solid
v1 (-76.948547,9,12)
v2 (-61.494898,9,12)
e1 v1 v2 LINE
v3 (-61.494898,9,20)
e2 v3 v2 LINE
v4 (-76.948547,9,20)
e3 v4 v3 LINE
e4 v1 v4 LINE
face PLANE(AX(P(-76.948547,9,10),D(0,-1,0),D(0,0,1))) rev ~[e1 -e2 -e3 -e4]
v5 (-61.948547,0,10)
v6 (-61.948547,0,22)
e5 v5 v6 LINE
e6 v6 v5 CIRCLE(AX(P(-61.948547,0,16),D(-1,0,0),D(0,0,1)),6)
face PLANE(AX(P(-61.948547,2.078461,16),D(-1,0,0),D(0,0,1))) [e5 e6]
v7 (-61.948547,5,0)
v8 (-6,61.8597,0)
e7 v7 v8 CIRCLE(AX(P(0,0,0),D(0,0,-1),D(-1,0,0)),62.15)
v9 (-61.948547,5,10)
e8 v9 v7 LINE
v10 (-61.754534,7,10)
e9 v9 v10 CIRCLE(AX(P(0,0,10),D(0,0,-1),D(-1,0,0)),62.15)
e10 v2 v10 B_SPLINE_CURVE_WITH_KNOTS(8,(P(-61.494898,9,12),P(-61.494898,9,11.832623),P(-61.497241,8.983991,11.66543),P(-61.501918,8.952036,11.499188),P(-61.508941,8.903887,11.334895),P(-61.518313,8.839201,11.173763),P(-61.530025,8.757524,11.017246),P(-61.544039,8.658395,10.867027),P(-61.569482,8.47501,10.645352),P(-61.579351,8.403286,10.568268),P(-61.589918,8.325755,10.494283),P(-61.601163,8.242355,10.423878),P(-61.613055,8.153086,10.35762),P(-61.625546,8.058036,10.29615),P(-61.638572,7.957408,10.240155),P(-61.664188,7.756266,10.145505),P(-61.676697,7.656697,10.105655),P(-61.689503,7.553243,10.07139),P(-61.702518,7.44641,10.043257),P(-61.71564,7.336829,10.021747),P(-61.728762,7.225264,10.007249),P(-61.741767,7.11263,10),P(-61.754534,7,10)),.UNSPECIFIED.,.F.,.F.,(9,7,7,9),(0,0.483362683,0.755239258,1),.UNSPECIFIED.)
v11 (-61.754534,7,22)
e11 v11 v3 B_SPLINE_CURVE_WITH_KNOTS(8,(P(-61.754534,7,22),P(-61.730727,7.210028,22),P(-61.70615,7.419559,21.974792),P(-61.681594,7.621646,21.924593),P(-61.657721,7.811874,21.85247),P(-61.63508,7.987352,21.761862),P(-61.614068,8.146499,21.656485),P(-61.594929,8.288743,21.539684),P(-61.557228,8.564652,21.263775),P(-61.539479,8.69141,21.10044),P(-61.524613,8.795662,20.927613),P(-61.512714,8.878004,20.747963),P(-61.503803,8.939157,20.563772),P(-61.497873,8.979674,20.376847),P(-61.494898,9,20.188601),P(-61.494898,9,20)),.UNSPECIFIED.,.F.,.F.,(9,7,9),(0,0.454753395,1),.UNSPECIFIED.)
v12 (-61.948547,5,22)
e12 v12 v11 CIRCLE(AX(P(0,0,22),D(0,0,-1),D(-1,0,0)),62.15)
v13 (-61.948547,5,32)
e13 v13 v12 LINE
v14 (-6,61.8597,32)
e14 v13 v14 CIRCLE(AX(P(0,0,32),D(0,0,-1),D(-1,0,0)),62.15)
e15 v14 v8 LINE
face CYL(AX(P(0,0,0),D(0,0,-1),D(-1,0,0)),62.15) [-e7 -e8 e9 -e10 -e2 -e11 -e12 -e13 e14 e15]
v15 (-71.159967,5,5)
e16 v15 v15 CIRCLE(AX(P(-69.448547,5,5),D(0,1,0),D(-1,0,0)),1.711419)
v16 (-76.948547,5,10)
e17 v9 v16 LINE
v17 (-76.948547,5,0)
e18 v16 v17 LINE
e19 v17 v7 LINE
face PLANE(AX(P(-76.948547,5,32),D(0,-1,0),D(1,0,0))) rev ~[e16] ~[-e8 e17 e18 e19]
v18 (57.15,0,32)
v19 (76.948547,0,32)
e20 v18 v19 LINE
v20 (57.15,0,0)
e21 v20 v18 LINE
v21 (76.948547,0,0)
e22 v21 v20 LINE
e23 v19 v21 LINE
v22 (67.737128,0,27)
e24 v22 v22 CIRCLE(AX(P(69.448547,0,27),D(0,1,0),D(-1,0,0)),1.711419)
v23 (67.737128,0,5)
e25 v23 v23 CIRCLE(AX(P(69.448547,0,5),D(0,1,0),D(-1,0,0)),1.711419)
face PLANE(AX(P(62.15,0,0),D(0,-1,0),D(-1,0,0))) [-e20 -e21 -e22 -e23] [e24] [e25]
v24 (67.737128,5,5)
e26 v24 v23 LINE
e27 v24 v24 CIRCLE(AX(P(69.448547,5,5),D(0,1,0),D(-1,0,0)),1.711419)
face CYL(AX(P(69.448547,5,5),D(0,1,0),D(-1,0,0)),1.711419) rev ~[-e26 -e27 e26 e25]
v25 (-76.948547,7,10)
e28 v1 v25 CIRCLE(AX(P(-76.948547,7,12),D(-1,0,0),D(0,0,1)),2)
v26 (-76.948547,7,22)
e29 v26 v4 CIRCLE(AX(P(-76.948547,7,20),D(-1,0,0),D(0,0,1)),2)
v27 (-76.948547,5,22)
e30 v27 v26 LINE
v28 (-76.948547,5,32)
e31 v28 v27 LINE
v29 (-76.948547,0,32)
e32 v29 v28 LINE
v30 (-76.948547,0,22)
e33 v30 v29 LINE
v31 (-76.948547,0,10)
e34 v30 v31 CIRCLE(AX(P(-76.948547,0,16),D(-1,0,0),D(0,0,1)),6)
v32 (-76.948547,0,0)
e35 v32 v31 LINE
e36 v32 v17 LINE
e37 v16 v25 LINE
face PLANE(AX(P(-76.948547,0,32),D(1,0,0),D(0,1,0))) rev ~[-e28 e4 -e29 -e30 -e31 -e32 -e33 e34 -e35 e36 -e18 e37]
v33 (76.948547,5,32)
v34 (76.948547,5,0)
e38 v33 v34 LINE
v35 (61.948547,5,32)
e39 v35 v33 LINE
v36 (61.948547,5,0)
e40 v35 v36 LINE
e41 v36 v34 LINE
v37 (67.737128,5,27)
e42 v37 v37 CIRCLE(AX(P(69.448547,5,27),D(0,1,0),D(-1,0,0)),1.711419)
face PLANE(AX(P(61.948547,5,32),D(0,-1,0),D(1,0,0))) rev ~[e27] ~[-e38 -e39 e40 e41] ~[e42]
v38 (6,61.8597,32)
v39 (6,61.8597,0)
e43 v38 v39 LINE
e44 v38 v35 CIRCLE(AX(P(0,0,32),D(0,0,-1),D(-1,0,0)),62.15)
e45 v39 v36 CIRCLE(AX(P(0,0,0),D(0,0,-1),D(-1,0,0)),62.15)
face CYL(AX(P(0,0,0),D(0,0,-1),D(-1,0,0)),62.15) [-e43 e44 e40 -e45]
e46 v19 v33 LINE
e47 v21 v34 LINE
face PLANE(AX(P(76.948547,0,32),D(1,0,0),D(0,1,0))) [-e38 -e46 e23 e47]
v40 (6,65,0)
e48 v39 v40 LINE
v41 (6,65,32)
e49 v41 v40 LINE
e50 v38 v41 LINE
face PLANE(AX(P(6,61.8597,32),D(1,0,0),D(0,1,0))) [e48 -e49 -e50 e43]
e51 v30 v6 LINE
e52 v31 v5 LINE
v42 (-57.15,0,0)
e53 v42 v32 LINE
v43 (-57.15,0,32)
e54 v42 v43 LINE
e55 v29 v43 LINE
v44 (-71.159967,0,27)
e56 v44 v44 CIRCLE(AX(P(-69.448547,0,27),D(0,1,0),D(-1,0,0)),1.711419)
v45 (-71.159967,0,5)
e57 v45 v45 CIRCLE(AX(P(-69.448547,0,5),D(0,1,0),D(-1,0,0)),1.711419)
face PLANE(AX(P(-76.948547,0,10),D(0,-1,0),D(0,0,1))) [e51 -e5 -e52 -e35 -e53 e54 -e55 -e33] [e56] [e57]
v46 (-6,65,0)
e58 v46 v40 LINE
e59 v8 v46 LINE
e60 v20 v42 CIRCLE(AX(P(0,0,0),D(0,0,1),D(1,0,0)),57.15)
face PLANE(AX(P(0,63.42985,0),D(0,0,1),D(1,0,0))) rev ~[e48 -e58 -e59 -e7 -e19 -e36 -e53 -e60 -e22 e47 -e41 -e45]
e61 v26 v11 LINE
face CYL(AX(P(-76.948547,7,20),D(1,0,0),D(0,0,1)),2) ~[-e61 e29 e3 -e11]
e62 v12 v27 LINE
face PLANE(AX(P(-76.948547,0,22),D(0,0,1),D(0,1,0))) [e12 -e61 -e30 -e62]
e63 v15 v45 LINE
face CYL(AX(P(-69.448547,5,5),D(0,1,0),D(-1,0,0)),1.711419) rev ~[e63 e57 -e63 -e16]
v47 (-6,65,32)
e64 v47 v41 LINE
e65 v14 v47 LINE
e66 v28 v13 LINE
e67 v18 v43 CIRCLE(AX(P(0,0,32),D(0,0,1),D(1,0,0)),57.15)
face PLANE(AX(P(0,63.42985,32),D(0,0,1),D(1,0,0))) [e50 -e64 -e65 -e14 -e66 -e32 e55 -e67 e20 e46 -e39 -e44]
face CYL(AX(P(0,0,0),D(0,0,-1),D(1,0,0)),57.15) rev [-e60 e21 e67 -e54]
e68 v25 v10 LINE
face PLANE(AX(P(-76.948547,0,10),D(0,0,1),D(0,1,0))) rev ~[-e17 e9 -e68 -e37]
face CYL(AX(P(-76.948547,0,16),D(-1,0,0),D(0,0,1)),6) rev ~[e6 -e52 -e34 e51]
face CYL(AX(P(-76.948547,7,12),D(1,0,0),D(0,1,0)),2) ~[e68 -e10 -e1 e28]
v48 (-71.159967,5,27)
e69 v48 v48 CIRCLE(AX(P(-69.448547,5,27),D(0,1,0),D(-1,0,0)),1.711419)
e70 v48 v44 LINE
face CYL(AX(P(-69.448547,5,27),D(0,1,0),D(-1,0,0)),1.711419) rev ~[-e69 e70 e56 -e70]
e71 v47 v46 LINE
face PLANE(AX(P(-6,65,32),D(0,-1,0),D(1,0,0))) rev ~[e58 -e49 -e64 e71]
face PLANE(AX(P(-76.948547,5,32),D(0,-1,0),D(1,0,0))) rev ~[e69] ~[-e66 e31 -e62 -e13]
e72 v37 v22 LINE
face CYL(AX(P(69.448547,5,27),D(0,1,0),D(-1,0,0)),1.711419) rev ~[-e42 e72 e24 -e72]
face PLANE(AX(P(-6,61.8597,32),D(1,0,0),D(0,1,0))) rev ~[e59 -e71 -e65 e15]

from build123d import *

# Parameters (mm, degrees)
EXTRUDE_1_DEPTH     = 32
SKETCH_2_W          = 12
SKETCH_2_H          = 3.140299871
SKETCH_2_W_2        = 15
SKETCH_2_H_2        = 5
EXTRUDE_2_DEPTH     = 32
SKETCH_3_W          = 12
SKETCH_3_H          = 9
EXTRUDE_3_DEPTH     = 19
CUT_EXTRUDE_1_DEPTH = 15
FILLET_1_R          = 2
CUT_EXTRUDE_2_REACH = 104.689
SKETCH_5_R          = 1.711419382


with BuildPart() as part:
    # ｽｹｯﾁ1 → ﾎﾞｽ - 押し出し1 (new body)
    with BuildSketch(Plane.XY):
        with BuildLine():
            Line((-57.15, 0), (-62.15, 0))
            ThreePointArc((-62.15, 0), (0, 62.15), (62.15, 0))
            Line((62.15, 0), (57.15, 0))
            ThreePointArc((57.15, 0), (0, 57.15), (-57.15, 0))
        make_face()
    extrude(amount=EXTRUDE_1_DEPTH)

    # ｽｹｯﾁ2 → ﾎﾞｽ - 押し出し2 (add)
    with BuildSketch(Plane.XY.offset(32)):
        with Locations((0, 63.429850065)):
            Rectangle(SKETCH_2_W, SKETCH_2_H)
        with Locations((69.448547198, 2.5)):
            Rectangle(SKETCH_2_W_2, SKETCH_2_H_2)
        with Locations((-69.448547198, 2.5)):
            Rectangle(SKETCH_2_W_2, SKETCH_2_H_2)
    extrude(amount=-EXTRUDE_2_DEPTH)

    # ｽｹｯﾁ3 → ﾎﾞｽ - 押し出し3 (add)
    with BuildSketch(Plane.ZY.offset(76.948547198)):
        with Locations((16, 4.5)):
            Rectangle(SKETCH_3_W, SKETCH_3_H)
    extrude(amount=-EXTRUDE_3_DEPTH)

    # ｽｹｯﾁ4 → ｶｯﾄ - 押し出し1 (cut)
    with BuildSketch(Plane.ZY.offset(76.948547198)):
        with BuildLine():
            Line((10, 0), (22, 0))
            ThreePointArc((22, 0), (16, 6), (10, 0))
        make_face()
    extrude(amount=-CUT_EXTRUDE_1_DEPTH, mode=Mode.SUBTRACT)

    # ﾌｨﾚｯﾄ1
    fillet_1_edges = [part.edges().sort_by_distance(p)[0] for p in [
        (-69.22172268, 9, 10),
        (-69.22172268, 9, 22),
    ]]
    fillet(fillet_1_edges, radius=FILLET_1_R)

    # ｽｹｯﾁ5 → ｶｯﾄ - 押し出し2 (cut, up to next)
    with BuildSketch(Plane(origin=(0, 5, 0), x_dir=(1, 0, 0), z_dir=(0, 1, 0)), mode=Mode.PRIVATE) as cut_extrude_2_sk1:
        with Locations(Location((-69.448547198, -5, 0), (0, 0, 180))):
            Circle(SKETCH_5_R)
    cut_extrude_2_tool1 = extrude(cut_extrude_2_sk1.sketch, amount=-CUT_EXTRUDE_2_REACH, mode=Mode.PRIVATE) & part.part
    # ｽｹｯﾁ5 → ｶｯﾄ - 押し出し2 (cut, up to next)
    with BuildSketch(Plane(origin=(0, 5, 0), x_dir=(1, 0, 0), z_dir=(0, 1, 0)), mode=Mode.PRIVATE) as cut_extrude_2_sk2:
        with Locations(Location((-69.448547198, -27, 0), (0, 0, 180))):
            Circle(SKETCH_5_R)
    cut_extrude_2_tool2 = extrude(cut_extrude_2_sk2.sketch, amount=-CUT_EXTRUDE_2_REACH, mode=Mode.PRIVATE) & part.part
    # ｽｹｯﾁ5 → ｶｯﾄ - 押し出し2 (cut, up to next)
    with BuildSketch(Plane(origin=(0, 5, 0), x_dir=(1, 0, 0), z_dir=(0, 1, 0)), mode=Mode.PRIVATE) as cut_extrude_2_sk3:
        with Locations(Location((69.448547198, -27, 0), (0, 0, 180))):
            Circle(SKETCH_5_R)
    cut_extrude_2_tool3 = extrude(cut_extrude_2_sk3.sketch, amount=-CUT_EXTRUDE_2_REACH, mode=Mode.PRIVATE) & part.part
    # ｽｹｯﾁ5 → ｶｯﾄ - 押し出し2 (cut, up to next)
    with BuildSketch(Plane(origin=(0, 5, 0), x_dir=(1, 0, 0), z_dir=(0, 1, 0)), mode=Mode.PRIVATE) as cut_extrude_2_sk4:
        with Locations(Location((69.448547198, -5, 0), (0, 0, 180))):
            Circle(SKETCH_5_R)
    cut_extrude_2_tool4 = extrude(cut_extrude_2_sk4.sketch, amount=-CUT_EXTRUDE_2_REACH, mode=Mode.PRIVATE) & part.part
    add(cut_extrude_2_tool1.solids().sort_by_distance((-69.448547, 5, 5))[0], mode=Mode.SUBTRACT)
    add(cut_extrude_2_tool2.solids().sort_by_distance((-69.448547, 5, 27))[0], mode=Mode.SUBTRACT)
    add(cut_extrude_2_tool3.solids().sort_by_distance((69.448547, 5, 27))[0], mode=Mode.SUBTRACT)
    add(cut_extrude_2_tool4.solids().sort_by_distance((69.448547, 5, 5))[0], mode=Mode.SUBTRACT)


solid = part.part
